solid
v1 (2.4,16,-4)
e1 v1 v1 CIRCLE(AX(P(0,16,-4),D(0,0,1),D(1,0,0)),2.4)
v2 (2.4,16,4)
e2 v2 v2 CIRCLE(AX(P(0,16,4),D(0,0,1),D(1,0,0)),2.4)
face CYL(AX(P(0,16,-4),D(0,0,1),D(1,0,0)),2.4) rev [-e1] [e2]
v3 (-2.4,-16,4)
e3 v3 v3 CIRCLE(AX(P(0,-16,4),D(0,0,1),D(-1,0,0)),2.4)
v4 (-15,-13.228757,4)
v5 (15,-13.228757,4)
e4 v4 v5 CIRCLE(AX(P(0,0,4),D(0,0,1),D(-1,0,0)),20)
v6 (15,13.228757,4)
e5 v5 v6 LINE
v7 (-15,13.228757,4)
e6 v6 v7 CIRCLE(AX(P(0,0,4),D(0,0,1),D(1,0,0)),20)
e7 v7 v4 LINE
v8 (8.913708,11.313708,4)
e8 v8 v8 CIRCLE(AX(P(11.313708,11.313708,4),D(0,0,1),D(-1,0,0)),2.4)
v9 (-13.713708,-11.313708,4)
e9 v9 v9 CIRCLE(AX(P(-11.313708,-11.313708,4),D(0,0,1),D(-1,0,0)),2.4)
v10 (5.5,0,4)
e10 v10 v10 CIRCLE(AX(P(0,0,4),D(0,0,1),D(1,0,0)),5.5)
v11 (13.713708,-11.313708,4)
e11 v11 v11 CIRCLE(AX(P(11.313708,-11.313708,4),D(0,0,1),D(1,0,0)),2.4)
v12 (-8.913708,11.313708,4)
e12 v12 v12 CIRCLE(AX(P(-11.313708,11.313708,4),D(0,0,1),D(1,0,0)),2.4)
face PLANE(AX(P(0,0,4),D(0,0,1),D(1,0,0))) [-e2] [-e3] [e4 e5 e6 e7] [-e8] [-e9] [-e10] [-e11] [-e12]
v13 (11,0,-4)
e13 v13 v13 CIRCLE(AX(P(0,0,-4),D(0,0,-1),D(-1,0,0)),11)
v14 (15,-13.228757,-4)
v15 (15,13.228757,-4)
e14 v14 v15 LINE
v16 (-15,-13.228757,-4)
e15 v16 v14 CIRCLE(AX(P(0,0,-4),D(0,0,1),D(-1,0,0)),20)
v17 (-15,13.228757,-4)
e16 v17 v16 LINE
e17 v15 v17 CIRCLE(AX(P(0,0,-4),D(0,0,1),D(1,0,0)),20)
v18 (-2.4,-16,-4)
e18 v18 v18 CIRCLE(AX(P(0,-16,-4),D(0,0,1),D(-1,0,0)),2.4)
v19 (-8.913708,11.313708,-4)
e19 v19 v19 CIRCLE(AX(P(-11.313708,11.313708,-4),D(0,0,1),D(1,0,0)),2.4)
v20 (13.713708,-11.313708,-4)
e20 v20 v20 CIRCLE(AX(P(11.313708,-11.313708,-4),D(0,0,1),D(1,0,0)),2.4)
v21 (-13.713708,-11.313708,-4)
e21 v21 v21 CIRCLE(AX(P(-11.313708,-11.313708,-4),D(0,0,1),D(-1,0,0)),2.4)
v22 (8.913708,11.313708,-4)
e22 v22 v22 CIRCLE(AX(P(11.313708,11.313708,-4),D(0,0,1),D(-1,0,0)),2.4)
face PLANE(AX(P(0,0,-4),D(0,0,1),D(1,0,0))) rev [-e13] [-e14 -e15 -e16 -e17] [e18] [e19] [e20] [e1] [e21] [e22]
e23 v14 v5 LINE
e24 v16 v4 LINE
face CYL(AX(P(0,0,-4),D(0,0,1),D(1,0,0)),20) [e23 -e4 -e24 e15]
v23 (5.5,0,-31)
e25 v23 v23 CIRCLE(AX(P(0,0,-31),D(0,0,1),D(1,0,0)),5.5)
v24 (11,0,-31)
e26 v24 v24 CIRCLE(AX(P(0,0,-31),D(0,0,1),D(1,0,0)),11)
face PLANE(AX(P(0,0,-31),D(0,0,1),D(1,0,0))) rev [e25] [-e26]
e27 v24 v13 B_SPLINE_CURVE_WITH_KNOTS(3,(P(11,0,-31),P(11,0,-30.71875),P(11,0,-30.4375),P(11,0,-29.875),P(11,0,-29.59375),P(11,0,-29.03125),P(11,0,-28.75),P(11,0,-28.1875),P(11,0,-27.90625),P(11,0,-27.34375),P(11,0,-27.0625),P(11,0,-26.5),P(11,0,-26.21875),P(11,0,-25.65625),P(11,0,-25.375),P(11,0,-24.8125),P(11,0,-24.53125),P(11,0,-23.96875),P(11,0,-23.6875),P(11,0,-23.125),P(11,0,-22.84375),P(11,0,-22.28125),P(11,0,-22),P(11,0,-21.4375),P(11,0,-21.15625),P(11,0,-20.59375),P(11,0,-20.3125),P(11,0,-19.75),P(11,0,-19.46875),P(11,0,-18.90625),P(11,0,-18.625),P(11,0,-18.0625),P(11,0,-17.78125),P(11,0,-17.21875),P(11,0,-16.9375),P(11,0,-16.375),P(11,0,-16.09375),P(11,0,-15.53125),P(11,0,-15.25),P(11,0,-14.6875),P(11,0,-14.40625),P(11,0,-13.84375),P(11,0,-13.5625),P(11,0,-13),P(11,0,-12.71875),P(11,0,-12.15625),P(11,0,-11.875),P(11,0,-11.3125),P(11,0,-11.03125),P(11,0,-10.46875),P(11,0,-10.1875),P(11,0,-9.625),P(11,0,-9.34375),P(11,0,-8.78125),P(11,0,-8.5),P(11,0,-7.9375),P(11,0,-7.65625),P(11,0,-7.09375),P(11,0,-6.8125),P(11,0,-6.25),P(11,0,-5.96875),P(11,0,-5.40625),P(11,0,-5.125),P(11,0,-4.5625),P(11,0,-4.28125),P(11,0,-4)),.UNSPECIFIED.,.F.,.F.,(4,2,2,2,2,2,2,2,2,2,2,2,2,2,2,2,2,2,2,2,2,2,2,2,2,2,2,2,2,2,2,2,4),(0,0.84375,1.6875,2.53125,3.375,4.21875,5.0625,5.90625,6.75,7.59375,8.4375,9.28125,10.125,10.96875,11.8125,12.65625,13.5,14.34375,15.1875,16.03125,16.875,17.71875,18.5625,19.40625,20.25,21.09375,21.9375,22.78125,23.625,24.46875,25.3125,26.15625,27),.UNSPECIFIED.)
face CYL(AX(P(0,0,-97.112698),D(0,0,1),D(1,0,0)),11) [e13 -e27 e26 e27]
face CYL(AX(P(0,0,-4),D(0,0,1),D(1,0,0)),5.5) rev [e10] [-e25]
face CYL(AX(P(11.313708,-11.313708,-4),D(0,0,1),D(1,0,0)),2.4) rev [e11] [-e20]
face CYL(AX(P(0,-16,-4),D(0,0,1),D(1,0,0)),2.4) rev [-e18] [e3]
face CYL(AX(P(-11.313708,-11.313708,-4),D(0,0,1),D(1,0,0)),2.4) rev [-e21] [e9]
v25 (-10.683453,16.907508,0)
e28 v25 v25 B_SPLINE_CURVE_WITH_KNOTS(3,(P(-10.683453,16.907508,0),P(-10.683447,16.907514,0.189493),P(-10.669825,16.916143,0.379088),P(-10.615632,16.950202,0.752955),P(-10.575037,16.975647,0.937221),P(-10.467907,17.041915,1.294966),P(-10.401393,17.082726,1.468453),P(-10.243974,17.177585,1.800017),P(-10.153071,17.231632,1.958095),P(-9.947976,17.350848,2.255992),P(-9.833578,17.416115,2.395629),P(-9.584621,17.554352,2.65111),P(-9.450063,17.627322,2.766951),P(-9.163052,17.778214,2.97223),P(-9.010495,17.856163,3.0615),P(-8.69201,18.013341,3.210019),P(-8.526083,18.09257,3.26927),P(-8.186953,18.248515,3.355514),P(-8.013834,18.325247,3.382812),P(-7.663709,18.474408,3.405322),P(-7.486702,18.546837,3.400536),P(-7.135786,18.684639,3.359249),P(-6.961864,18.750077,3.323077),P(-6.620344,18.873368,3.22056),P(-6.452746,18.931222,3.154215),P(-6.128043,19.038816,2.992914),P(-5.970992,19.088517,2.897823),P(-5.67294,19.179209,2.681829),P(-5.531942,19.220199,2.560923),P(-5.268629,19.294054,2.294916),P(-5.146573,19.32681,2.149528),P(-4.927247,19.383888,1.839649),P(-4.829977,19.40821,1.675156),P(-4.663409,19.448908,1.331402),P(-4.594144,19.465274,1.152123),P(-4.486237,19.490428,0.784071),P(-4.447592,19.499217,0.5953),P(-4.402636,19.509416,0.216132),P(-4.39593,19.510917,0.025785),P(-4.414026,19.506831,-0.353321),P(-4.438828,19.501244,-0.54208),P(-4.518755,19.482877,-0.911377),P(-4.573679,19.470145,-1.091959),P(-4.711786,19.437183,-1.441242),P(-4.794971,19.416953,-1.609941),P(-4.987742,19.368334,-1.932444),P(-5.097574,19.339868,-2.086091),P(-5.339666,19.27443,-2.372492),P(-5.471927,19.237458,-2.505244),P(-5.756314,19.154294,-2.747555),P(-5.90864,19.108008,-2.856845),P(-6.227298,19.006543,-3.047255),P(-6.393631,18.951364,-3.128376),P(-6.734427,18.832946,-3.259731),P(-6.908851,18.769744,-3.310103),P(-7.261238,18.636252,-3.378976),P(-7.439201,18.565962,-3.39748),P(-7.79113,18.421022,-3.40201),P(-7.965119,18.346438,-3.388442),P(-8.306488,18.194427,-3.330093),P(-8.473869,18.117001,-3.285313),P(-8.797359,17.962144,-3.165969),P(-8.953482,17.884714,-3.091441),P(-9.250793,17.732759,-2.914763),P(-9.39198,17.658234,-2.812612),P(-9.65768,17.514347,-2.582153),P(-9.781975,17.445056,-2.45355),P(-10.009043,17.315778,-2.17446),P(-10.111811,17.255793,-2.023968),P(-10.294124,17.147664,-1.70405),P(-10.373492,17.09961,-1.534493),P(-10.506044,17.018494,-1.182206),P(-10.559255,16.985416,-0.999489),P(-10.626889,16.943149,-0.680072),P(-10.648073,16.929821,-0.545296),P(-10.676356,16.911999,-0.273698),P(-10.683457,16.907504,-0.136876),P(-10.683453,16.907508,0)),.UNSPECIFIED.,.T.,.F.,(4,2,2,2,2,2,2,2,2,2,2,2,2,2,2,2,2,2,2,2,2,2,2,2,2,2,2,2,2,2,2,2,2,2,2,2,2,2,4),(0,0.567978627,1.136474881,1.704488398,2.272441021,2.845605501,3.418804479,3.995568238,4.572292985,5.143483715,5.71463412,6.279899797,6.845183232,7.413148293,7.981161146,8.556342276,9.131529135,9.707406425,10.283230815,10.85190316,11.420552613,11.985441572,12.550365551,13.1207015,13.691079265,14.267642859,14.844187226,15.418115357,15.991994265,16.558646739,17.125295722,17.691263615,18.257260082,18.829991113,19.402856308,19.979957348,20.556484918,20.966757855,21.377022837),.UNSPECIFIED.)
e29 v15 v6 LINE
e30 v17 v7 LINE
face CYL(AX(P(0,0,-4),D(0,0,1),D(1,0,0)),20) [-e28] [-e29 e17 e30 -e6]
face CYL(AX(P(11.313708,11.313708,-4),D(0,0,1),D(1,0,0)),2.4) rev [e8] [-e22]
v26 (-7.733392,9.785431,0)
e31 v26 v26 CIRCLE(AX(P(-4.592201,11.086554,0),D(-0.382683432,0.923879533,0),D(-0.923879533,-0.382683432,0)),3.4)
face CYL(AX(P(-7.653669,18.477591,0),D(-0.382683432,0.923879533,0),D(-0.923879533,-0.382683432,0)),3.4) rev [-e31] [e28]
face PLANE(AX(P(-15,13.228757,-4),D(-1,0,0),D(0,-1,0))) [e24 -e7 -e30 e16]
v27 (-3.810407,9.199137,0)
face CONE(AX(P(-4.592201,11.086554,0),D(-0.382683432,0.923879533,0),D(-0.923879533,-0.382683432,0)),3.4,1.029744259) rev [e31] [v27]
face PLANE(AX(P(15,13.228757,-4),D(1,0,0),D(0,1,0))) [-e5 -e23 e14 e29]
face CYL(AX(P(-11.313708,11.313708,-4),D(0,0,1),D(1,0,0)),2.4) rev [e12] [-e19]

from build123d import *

# Parameters (mm, degrees)
SKETCH1_R                  = 5.5
SKETCH1_R_2                = 2.4
BOSS_EXTRUDE1_DEPTH        = 4
BOSS_EXTRUDE2_START        = 27
SKETCH2_R                  = 11
SKETCH2_R_2                = 5.5
BOSS_EXTRUDE2_DEPTH        = 27
M8X1_25_TAPPED_HOLE1_D     = 6.8
M8X1_25_TAPPED_HOLE1_DEPTH = 8
M8X1_25_TAPPED_HOLE1_TIP   = 2.042926105


with BuildPart() as part:
    # Sketch1 → Boss-Extrude1 (new, symmetric)
    with BuildSketch(Plane.XY):
        with BuildLine():
            Line((-15, 13.228756555), (-15, -13.228756555))
            ThreePointArc((-15, -13.228756555), (0, -20), (15, -13.228756555))
            Line((15, -13.228756555), (15, 13.228756555))
            ThreePointArc((15, 13.228756555), (0, 20), (-15, 13.228756555))
        make_face()
        Circle(SKETCH1_R, mode=Mode.SUBTRACT)
        with Locations((-11.313708499, 11.313708499)):
            Circle(SKETCH1_R_2, mode=Mode.SUBTRACT)
        with Locations((0, 16)):
            Circle(SKETCH1_R_2, mode=Mode.SUBTRACT)
        with Locations(Location((11.313708499, 11.313708499, 0), (0, 0, 180))):
            Circle(SKETCH1_R_2, mode=Mode.SUBTRACT)
        with Locations((11.313708499, -11.313708499)):
            Circle(SKETCH1_R_2, mode=Mode.SUBTRACT)
        with Locations(Location((0, -16, 0), (0, 0, 180))):
            Circle(SKETCH1_R_2, mode=Mode.SUBTRACT)
        with Locations(Location((-11.313708499, -11.313708499, 0), (0, 0, 180))):
            Circle(SKETCH1_R_2, mode=Mode.SUBTRACT)
    extrude(amount=BOSS_EXTRUDE1_DEPTH, both=True)

    # Sketch2 → Boss-Extrude2 (add)
    with BuildSketch(Plane(origin=(0, 0, -4), x_dir=(-1, 0, 0), z_dir=(0, 0, -1)).offset(BOSS_EXTRUDE2_START)):
        with Locations(Location((0, 0, 0), (0, 0, 180))):
            Circle(SKETCH2_R)
        with Locations(Location((0, 0, 0), (0, 0, 180))):
            Circle(SKETCH2_R_2, mode=Mode.SUBTRACT)
    extrude(amount=-BOSS_EXTRUDE2_DEPTH)

    # M8x1.25 Tapped Hole1
    with Locations(Plane(origin=(-7.653668647, 18.47759065, 0), x_dir=(0.923879532511, 0.382683432365, 0), z_dir=(-0.382683432365, 0.923879532511, 0))):
        with Locations((0, 0)):
            Hole(M8X1_25_TAPPED_HOLE1_D / 2, depth=M8X1_25_TAPPED_HOLE1_DEPTH)
            with Locations((0, 0, -(M8X1_25_TAPPED_HOLE1_DEPTH + M8X1_25_TAPPED_HOLE1_TIP / 2))):  # 118° drill point
                Cone(0, M8X1_25_TAPPED_HOLE1_D / 2, M8X1_25_TAPPED_HOLE1_TIP, mode=Mode.SUBTRACT)


solid = part.part
